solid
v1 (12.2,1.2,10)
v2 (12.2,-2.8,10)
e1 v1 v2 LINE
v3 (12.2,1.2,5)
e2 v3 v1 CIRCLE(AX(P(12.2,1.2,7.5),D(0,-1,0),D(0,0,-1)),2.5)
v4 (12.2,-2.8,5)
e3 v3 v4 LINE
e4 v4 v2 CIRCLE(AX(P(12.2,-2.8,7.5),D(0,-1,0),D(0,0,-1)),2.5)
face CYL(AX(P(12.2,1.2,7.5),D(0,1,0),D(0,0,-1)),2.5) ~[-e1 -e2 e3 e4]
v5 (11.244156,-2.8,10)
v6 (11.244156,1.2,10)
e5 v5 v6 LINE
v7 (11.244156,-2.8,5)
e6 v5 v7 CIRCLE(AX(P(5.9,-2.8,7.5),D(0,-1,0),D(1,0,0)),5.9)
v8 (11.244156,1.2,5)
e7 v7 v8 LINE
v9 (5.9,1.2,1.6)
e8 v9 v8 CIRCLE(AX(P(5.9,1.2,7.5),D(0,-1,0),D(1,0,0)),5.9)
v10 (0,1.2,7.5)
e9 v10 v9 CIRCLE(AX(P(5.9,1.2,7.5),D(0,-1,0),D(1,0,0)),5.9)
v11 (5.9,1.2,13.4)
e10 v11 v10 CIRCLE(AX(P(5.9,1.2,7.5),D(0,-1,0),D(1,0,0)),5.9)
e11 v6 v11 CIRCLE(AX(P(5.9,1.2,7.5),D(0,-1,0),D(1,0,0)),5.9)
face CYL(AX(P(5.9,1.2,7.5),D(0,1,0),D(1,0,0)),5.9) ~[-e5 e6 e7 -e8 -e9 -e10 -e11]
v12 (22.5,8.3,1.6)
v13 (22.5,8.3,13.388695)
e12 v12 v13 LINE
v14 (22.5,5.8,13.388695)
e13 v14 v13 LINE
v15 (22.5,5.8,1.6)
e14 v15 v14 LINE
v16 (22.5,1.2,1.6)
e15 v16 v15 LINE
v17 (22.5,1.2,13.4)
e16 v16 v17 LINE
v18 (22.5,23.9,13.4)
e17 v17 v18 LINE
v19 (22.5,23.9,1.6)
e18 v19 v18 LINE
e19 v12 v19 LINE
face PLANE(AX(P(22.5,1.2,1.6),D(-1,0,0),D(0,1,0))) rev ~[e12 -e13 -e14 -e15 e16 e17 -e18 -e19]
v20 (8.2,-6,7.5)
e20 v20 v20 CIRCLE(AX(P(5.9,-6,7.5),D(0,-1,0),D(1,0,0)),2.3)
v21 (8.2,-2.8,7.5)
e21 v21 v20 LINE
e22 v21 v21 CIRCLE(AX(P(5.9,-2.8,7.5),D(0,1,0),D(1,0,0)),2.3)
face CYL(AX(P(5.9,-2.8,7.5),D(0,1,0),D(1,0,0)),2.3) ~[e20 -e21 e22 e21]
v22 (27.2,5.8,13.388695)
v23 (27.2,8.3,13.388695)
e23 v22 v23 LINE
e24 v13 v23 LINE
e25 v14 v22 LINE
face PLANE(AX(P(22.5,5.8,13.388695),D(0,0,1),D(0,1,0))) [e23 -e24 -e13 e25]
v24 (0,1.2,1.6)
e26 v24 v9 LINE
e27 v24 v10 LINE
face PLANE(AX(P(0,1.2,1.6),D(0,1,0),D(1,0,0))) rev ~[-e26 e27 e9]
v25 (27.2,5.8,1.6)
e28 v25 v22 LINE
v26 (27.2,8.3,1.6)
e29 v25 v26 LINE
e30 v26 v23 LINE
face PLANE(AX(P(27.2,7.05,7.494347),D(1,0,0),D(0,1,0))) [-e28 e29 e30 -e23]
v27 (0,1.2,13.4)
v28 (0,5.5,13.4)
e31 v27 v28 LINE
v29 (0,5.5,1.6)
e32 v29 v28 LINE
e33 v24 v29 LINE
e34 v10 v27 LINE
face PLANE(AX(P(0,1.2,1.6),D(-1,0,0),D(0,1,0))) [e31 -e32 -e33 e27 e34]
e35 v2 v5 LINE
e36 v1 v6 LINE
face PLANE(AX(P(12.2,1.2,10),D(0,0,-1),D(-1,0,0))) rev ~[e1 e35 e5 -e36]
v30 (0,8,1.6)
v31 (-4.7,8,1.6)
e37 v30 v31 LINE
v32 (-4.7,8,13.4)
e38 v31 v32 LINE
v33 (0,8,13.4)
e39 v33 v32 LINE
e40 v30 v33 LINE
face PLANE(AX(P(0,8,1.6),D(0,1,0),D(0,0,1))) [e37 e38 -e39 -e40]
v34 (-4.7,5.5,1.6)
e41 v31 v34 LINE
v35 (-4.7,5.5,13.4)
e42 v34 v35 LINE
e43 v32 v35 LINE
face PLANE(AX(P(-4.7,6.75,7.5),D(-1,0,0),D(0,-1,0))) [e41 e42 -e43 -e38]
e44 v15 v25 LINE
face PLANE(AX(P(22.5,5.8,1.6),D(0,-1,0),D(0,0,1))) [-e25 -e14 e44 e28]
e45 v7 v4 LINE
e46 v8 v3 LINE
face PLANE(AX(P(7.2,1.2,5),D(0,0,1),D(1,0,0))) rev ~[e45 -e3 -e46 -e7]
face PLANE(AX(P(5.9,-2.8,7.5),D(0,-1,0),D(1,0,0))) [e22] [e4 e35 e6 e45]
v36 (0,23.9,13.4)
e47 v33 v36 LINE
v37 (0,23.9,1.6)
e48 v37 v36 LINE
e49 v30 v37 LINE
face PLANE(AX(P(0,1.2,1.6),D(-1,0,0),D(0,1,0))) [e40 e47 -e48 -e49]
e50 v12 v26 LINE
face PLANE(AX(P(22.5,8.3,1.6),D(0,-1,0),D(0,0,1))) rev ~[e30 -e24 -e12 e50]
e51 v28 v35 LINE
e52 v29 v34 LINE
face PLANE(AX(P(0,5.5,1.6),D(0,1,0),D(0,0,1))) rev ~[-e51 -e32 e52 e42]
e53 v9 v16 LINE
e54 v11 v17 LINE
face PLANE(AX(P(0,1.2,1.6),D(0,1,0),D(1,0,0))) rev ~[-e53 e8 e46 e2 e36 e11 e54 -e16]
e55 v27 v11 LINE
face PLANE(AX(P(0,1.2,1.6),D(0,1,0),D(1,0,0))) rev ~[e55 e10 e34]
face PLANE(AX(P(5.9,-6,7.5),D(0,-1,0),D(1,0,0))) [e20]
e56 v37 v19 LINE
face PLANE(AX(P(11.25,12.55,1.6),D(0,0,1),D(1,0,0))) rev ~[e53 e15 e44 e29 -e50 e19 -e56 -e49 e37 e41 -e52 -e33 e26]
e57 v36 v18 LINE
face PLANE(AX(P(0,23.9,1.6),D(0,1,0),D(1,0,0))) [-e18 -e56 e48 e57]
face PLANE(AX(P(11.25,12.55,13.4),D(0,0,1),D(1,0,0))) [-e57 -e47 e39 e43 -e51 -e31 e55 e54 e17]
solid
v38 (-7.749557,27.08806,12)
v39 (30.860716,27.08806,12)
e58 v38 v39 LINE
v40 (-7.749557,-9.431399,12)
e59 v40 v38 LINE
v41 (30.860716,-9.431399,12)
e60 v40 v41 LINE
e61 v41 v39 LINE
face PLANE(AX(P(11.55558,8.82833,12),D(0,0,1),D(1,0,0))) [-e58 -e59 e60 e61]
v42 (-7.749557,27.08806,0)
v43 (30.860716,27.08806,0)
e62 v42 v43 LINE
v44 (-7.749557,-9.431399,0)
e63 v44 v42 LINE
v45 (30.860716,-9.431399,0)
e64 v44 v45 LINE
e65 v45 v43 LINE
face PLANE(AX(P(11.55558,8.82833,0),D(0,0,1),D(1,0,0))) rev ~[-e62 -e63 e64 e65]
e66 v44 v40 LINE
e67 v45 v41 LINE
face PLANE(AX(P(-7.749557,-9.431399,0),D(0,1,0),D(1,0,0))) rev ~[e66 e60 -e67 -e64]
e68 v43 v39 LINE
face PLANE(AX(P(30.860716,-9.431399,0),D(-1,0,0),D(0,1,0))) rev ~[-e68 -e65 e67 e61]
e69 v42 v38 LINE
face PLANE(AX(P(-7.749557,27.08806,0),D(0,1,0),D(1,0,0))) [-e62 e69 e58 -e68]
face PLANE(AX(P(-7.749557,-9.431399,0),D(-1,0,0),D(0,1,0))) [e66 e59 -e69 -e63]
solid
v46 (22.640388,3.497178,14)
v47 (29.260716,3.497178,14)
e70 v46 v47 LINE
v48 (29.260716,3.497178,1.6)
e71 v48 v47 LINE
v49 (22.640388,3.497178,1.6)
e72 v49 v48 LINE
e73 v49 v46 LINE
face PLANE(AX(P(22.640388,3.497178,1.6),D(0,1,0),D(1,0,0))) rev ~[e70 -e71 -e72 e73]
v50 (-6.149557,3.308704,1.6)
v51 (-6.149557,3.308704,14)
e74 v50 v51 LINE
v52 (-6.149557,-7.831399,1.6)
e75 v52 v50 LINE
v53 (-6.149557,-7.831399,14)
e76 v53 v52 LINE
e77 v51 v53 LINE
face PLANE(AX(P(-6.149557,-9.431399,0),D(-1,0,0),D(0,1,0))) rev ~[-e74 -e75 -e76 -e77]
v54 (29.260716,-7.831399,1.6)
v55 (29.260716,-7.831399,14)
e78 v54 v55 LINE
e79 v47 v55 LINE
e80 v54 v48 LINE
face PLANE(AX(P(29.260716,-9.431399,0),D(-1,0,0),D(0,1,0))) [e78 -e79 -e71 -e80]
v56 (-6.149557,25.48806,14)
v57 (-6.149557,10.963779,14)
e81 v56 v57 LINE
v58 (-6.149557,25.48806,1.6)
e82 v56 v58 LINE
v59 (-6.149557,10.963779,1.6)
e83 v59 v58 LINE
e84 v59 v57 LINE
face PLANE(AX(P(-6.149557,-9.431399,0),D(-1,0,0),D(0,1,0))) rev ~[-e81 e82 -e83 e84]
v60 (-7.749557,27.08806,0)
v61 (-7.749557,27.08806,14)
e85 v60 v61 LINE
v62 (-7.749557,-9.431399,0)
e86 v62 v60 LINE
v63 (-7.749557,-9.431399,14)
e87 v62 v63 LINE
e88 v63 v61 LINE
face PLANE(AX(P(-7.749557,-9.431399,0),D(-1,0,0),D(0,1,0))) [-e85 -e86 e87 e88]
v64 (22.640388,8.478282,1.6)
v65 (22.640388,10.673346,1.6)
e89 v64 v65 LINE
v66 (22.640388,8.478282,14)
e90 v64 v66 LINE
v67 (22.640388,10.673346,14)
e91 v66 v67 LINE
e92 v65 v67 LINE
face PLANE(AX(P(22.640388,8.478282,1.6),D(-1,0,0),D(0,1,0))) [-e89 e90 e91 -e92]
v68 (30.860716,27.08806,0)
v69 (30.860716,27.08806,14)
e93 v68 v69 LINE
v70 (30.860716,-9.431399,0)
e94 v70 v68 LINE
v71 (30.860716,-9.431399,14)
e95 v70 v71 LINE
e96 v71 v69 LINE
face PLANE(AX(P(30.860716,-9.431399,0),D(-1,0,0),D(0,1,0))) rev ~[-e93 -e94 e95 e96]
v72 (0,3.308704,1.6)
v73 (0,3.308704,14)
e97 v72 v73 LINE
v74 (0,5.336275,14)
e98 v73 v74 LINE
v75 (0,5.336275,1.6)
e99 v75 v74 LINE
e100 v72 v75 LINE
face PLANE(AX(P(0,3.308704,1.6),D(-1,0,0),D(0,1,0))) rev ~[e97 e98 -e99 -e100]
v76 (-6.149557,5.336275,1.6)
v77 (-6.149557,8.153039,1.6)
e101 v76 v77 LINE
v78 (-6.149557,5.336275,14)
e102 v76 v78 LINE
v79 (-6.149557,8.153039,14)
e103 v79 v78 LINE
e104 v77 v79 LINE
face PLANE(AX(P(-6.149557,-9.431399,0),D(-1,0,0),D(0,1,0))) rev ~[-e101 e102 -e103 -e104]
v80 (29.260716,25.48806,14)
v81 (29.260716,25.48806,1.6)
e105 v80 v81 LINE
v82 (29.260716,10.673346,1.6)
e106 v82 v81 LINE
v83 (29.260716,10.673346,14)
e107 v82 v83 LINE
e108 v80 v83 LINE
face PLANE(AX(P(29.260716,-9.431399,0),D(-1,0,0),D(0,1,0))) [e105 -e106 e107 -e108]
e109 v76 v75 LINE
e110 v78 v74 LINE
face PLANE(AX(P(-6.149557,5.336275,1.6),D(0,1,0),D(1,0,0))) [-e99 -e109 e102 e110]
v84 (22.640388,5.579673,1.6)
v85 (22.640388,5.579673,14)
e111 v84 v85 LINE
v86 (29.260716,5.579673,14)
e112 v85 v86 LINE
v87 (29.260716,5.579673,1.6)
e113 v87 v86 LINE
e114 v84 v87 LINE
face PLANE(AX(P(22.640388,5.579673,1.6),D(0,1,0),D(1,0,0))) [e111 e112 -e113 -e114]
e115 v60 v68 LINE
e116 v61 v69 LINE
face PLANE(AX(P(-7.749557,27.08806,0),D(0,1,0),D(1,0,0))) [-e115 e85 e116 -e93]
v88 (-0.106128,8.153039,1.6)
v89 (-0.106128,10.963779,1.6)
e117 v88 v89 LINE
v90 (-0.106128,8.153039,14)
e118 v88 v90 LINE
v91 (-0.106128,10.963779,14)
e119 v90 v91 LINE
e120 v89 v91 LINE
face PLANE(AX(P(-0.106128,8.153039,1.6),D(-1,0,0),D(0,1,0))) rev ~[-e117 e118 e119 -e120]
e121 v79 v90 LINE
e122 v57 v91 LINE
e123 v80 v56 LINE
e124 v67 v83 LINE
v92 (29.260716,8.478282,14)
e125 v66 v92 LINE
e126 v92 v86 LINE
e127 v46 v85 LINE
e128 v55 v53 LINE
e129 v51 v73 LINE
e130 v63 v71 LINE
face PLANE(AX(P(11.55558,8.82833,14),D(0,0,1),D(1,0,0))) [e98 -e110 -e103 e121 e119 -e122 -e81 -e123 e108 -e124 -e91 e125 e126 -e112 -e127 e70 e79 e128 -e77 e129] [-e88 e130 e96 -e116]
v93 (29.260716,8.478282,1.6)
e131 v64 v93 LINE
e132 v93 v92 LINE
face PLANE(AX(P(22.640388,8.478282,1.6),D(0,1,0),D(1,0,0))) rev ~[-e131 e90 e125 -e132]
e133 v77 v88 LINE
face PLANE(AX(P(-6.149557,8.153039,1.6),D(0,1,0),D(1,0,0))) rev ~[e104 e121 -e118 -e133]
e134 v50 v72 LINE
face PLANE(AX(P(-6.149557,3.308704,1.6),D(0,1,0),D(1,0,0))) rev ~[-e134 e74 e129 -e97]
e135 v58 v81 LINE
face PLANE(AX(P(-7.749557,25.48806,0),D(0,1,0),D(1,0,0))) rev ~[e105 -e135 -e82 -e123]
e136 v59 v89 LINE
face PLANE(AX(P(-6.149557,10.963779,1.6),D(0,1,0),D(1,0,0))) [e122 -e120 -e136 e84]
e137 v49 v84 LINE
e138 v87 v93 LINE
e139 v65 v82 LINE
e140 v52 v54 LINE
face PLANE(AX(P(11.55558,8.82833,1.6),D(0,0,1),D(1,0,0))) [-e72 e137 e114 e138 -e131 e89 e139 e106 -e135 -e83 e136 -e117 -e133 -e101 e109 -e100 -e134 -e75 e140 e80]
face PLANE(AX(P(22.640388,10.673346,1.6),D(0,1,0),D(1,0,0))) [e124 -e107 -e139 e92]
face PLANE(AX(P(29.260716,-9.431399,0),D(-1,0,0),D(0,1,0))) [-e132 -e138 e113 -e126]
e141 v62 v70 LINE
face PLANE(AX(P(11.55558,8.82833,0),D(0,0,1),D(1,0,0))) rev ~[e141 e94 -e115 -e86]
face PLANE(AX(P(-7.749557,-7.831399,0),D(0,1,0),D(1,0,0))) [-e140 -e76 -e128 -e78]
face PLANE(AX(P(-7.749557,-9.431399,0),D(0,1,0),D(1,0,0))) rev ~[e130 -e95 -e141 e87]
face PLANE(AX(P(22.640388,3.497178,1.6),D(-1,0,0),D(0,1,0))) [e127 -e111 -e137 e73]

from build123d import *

# Parameters (mm, degrees)
SKETCH_W      = 22.5
SKETCH_H      = 22.7
PAD_DEPTH     = 11.8
SKETCH001_W   = 2.5
SKETCH001_H   = 11.788695
PAD001_DEPTH  = 4.7
SKETCH002_W   = 2.5
SKETCH002_H   = 11.8
PAD002_DEPTH  = 4.7
SKETCH004_R   = 5.9
PAD003_DEPTH  = 4
SKETCH005_R   = 2.3
PAD004_DEPTH  = 3.2
PAD005_DEPTH  = 4
SKETCH017_W   = 38.610273
SKETCH017_H   = 36.519459
PAD006_DEPTH  = 14
THICKNESS_T   = -1.6
SKETCH021_W   = 6.043429
SKETCH021_H   = 2.81074
SKETCH021_W_2 = 6.149557
SKETCH021_H_2 = 2.027571
SKETCH021_W_3 = 6.620328
SKETCH021_H_3 = 2.195064
SKETCH021_H_4 = 2.082495
PAD008_DEPTH  = 12.4
SKETCH018_W   = 38.610273
SKETCH018_H   = 36.519459
PAD007_DEPTH  = 12


with BuildPart() as body:
    # Sketch → Pad (new body)
    with BuildSketch(Plane.XY):
        with Locations((11.25, 11.35)):
            Rectangle(SKETCH_W, SKETCH_H)
    extrude(amount=PAD_DEPTH)

    # Sketch001 (on Face2 of Pad) → Pad001 (join)
    with BuildSketch(Plane.YZ.offset(22.5)):
        with Locations((5.85, 5.8943475)):
            Rectangle(SKETCH001_W, SKETCH001_H)
    extrude(amount=PAD001_DEPTH)

    # Sketch002 (on Face2 of Pad001) → Pad002 (join)
    with BuildSketch(Plane(origin=(0, 0, 0), x_dir=(0, -1, 0), z_dir=(-1, 0, 0))):
        with Locations((-5.55, 5.9)):
            Rectangle(SKETCH002_W, SKETCH002_H)
    extrude(amount=PAD002_DEPTH)

    # Sketch004 (on Face1 of Pad002) → Pad003 (join)
    with BuildSketch(Plane.XZ):
        with Locations((5.9, 5.9)):
            Circle(SKETCH004_R)
    extrude(amount=PAD003_DEPTH)

    # Sketch005 (on Face12 of Pad003) → Pad004 (join)
    with BuildSketch(Plane.XZ.offset(4)):
        with Locations((5.9, 5.9)):
            Circle(SKETCH005_R)
    extrude(amount=PAD004_DEPTH)

    # Sketch016 (on Face5 of Pad004) → Pad005 (join)
    with BuildSketch(Plane.XZ):
        with BuildLine():
            ThreePointArc((7.2, 8.4), (4.7, 5.9), (7.2, 3.4))
            Line((7.2, 3.4), (12.2, 3.4))
            ThreePointArc((12.2, 3.4), (14.7, 5.9), (12.2, 8.4))
            Line((12.2, 8.4), (7.2, 8.4))
        make_face()
    extrude(amount=PAD005_DEPTH)


with BuildPart() as body_1:
    # Body placement: moved
    add(body.part.moved(Location((0, 1.2, 1.6))))


with BuildPart() as body001:
    # Sketch017 → Pad006 (new body)
    with BuildSketch(Plane.XY):
        with Locations((11.5555795, 8.8283305)):
            Rectangle(SKETCH017_W, SKETCH017_H)
    extrude(amount=PAD006_DEPTH)

    # Thickness
    thickness_openings = [body001.faces().sort_by_distance(p)[0] for p in [
        (11.55558, 8.828331, 14),
    ]]
    offset(amount=THICKNESS_T, openings=thickness_openings, kind=Kind.INTERSECTION)

    # Sketch021 (on Face11 of Thickness) → Pad008 (join)
    with BuildSketch(Plane.XY.offset(1.6)):
        with Locations((-3.1278425, 9.558409)):
            Rectangle(SKETCH021_W, SKETCH021_H)
        with Locations((-3.0747785, 4.3224895)):
            Rectangle(SKETCH021_W_2, SKETCH021_H_2)
        with Locations((25.950552, 9.575814)):
            Rectangle(SKETCH021_W_3, SKETCH021_H_3)
        with Locations((25.950552, 4.5384255)):
            Rectangle(SKETCH021_W_3, SKETCH021_H_4)
    extrude(amount=PAD008_DEPTH)


with BuildPart() as body002:
    # Sketch018 → Pad007 (new body)
    with BuildSketch(Plane.XY):
        with Locations((11.5555795, 8.8283305)):
            Rectangle(SKETCH018_W, SKETCH018_H)
    extrude(amount=PAD007_DEPTH)


solid = Compound([body_1.part, body001.part, body002.part])
